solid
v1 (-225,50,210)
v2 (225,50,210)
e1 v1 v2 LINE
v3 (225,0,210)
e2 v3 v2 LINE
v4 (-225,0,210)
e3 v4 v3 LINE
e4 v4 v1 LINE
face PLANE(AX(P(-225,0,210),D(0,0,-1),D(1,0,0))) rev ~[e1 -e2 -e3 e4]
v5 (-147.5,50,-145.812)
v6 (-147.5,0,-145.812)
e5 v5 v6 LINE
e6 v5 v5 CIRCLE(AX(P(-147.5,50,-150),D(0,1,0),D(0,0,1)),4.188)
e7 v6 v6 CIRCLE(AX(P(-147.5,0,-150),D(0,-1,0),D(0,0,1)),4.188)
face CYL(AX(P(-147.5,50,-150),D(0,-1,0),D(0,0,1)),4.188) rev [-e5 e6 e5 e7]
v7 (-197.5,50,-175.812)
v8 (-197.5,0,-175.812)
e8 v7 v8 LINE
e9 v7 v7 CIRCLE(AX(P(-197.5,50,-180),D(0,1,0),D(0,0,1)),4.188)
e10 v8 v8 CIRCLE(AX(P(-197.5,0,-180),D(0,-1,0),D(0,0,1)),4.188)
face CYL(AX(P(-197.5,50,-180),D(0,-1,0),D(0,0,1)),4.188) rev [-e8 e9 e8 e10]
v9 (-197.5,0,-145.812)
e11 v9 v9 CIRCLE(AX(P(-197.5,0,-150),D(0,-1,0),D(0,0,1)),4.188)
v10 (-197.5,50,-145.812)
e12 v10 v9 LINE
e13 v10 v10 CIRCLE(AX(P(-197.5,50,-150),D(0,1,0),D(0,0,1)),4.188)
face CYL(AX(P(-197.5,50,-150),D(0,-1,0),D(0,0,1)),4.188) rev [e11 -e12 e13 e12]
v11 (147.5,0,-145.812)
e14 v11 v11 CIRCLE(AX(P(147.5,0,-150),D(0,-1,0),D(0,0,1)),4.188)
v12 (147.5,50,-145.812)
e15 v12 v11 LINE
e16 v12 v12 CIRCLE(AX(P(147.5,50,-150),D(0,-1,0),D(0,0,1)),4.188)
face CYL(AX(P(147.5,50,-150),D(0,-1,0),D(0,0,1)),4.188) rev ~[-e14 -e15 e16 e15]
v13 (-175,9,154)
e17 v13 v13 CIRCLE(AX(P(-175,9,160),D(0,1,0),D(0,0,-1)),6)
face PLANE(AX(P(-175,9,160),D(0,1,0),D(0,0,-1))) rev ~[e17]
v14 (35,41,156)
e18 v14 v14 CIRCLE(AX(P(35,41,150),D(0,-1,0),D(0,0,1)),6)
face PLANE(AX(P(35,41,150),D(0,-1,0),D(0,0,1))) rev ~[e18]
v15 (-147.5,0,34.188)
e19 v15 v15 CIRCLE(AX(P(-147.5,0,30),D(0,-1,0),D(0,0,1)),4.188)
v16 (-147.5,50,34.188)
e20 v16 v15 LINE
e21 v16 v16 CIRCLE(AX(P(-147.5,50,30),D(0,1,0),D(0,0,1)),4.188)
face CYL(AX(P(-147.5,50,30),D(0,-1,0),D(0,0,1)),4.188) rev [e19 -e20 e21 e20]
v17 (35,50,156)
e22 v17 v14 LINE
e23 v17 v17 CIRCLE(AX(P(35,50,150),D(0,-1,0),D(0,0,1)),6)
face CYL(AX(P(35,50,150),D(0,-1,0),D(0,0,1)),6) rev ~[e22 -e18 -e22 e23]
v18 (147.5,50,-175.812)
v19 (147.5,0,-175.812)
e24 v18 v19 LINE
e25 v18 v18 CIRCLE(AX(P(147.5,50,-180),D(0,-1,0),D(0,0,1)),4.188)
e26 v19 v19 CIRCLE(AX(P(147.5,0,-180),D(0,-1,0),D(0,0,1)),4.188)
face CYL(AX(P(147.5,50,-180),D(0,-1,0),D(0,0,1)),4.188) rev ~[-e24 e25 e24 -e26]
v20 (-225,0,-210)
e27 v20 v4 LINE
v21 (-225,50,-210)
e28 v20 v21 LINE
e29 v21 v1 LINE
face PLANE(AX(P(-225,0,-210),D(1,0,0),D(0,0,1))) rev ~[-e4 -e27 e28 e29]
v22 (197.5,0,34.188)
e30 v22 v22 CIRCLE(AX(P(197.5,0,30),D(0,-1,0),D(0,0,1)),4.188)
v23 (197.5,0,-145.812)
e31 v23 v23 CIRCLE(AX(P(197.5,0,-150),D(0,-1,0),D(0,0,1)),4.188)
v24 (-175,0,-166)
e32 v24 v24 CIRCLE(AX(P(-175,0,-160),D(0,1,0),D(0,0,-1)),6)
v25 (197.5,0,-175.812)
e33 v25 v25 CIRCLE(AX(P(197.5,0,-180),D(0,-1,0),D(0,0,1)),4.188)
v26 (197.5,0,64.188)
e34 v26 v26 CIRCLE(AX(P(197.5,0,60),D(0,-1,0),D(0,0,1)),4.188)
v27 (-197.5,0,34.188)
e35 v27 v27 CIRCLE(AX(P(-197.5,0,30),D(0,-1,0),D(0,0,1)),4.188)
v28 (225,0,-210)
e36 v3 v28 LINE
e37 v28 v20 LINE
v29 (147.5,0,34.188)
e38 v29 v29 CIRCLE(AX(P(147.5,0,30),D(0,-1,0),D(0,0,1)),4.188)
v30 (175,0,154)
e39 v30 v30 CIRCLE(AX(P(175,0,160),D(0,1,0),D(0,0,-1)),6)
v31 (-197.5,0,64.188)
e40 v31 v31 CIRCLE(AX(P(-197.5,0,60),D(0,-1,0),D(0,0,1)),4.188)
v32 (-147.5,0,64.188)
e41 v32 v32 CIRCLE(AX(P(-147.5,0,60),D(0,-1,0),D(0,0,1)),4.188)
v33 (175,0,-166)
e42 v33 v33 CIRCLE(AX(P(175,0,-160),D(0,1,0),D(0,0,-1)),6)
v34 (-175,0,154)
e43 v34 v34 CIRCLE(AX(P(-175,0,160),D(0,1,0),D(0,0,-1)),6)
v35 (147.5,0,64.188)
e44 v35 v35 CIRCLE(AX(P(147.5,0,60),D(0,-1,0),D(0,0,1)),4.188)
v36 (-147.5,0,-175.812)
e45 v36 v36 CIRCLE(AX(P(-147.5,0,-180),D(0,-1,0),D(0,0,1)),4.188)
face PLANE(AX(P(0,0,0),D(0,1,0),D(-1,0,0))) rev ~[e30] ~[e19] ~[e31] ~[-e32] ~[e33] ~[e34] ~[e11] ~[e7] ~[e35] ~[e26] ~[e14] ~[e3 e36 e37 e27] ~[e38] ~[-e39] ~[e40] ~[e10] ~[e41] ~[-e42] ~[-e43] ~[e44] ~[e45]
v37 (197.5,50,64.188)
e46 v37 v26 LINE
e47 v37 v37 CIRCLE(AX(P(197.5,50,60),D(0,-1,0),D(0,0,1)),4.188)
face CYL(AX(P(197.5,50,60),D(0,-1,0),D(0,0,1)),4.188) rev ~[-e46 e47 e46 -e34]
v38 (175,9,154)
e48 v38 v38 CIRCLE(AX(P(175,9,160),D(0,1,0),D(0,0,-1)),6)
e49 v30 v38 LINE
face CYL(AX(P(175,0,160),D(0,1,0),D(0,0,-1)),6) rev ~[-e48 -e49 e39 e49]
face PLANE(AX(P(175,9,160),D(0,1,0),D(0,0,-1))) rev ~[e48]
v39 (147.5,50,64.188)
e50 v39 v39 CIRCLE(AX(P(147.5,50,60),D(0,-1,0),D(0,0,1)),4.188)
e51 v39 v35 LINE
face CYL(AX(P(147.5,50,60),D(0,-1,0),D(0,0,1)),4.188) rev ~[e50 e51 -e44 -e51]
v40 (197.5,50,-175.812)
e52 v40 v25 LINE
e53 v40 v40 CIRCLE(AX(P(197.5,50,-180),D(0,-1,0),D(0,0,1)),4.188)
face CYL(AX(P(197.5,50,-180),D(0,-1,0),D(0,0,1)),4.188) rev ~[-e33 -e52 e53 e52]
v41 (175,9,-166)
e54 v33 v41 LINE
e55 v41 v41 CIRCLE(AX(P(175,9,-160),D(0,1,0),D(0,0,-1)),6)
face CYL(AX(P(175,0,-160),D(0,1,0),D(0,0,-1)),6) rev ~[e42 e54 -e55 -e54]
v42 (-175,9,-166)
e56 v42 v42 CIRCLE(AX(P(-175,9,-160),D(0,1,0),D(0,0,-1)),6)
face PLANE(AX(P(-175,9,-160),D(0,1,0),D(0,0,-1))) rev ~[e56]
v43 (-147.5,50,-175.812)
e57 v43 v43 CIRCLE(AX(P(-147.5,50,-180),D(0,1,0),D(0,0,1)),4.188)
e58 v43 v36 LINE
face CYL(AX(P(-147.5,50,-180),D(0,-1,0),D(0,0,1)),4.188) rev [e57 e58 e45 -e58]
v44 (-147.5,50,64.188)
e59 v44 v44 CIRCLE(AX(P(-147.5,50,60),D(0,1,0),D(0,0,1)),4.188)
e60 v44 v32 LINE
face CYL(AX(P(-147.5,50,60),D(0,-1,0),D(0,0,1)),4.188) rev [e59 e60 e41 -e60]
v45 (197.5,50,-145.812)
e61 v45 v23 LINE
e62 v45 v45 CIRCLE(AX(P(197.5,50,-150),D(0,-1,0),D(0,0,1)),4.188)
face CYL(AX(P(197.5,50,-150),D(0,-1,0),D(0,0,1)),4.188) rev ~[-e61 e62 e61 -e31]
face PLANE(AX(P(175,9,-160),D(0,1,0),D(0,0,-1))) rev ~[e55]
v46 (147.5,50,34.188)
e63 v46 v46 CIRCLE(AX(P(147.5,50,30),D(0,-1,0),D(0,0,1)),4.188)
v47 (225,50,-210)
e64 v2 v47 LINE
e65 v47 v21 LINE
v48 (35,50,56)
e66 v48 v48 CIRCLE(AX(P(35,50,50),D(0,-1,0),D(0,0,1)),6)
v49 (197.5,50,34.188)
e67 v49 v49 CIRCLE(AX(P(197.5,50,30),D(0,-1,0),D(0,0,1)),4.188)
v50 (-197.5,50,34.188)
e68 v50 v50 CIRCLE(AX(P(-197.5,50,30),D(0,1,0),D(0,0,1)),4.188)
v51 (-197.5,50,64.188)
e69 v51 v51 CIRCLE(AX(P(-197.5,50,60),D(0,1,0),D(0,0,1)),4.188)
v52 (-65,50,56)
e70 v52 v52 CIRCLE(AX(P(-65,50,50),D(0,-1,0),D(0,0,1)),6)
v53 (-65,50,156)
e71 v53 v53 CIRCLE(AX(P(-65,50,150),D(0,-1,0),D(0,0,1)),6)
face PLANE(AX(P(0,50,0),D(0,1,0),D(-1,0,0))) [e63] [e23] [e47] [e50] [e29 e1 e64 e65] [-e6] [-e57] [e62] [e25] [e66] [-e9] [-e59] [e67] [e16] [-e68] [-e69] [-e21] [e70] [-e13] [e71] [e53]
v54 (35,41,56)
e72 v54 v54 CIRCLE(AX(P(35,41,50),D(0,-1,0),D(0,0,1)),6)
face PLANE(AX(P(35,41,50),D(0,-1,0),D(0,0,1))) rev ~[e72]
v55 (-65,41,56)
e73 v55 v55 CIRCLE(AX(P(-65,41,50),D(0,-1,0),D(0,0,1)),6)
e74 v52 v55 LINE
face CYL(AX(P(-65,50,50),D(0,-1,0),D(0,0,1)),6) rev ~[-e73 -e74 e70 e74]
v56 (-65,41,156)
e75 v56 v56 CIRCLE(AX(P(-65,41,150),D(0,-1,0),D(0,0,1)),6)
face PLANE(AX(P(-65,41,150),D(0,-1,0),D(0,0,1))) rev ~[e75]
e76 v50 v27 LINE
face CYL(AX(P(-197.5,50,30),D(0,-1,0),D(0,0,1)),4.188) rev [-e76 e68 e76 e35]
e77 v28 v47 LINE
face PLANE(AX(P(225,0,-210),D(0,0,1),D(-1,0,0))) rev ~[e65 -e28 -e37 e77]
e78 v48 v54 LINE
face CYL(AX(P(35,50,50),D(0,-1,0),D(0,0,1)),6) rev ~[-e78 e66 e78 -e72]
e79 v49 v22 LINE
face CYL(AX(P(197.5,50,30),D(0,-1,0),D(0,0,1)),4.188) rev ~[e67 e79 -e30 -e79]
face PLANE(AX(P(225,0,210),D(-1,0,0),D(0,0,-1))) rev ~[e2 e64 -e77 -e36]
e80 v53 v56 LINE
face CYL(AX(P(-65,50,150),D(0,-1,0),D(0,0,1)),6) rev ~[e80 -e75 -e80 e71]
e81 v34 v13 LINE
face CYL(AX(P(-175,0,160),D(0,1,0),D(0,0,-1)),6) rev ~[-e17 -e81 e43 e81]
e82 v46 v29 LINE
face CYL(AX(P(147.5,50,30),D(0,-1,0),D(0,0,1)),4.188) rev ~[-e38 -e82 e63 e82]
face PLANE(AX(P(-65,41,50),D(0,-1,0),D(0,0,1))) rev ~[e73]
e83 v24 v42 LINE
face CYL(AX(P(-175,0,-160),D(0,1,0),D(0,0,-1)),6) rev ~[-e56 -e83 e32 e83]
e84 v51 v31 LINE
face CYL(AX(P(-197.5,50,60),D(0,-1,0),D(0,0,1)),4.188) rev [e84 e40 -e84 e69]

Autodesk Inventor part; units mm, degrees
ref_plane "YZ Plane" through (0, 0, 0) normal (1, 0, 0) x (0, 1, 0)
ref_plane "XZ Plane" through (0, 0, 0) normal (0, 1, 0) x (-1, 0, 0)
ref_plane "XY Plane" through (0, 0, 0) normal (0, 0, 1) x (1, 0, 0)
sketch "Sketch1" plane through (0, 0, 0) normal (0, 1, 0) x (-1, 0, 0)
  line L0 (225, 210) -> (-225, 210)
  line L1 (-225, 210) -> (-225, -210)
  line L2 (-225, -210) -> (225, -210)
  line L3 (225, -210) -> (225, 210)
  line L4 (225, -210) -> (-225, 210) construction
  point P0 (0, 0)
  point P1 (0, 0)
  dimension "d0" = 450
  dimension "d1" = 420
extrude "plyta" add sketch "Sketch1" along normal blind 50
sketch "Sketch3" plane through (0, 0, 0) normal (0, -1, 0) x (1, 0, 0)
  line L0 (225, -210) -> (-225, -210) projected
  line L1 (225, 210) -> (225, -210) projected
  line L2 (-225, -210) -> (-225, 0) projected
  line L3 (0, 210) -> (225, 210) projected
  point P0 (0, 0)
  point P1 (-175, -160)
  point P2 (175, -160)
  point P3 (-175, 160)
  point P4 (175, 160)
  dimension "d18" = 50
  dimension "d19" = 50
  dimension "d20" = 50
  dimension "d21" = 50
hole "Hole2" at (-175, 0, -160) at (175, 0, -160) at (-175, 0, 160) at (175, 0, 160) direction (0, 1, 0) diameter 12 depth 9
sketch "Sketch4" plane through (0, 50, 0) normal (0, 1, 0) x (1, 0, 0)
  line L0 (0, 294) -> (0, -294) construction
  line L1 (-225, -210) -> (225, -210) construction
  point P0 (0, 0)
  point P1 (-65, -150)
  point P2 (35, -150)
  point P3 (-65, -50)
  point P4 (35, -50)
  dimension "d29" = 60
  dimension "d30" = 100
  dimension "d32" = 100
  dimension "d40" = 35
hole "Hole3" at (-65, 50, 150) at (35, 50, 150) at (-65, 50, 50) at (35, 50, 50) direction (0, -1, 0) diameter 12 depth 9
sketch "Sketch5" plane through (0, 50, 0) normal (0, 1, 0) x (1, 0, 0)
  circle A0 centre (197.5, -60) radius 5.75 construction
  circle A1 centre (147.5, -30) radius 5.75 construction
  line L0 (195, 80) -> (215, 80) construction
  line L1 (195, -12.5491) -> (195, 80) construction
  line L2 (150, -12.5491) -> (195, -12.5491) construction
  line L3 (150, 80) -> (150, -12.5491) construction
  line L4 (130, 80) -> (150, 80) construction
  line L5 (130, -80) -> (130, 80) construction
  line L6 (215, -80) -> (130, -80) construction
  line L7 (215, -80) -> (215, 80) construction
  circle A2 centre (147.5, -60) radius 5.75 construction
  circle A3 centre (197.5, -30) radius 5.75 construction
  circle A4 centre (147.5, 150) radius 5.75 construction
  circle A5 centre (197.5, 180) radius 5.75 construction
  line L8 (215, 130) -> (130, 130) construction
  line L9 (215, 130) -> (215, 200) construction
  line L10 (130, 200) -> (215, 200) construction
  line L11 (130, 130) -> (130, 200) construction
  circle A6 centre (147.5, 180) radius 5.75 construction
  circle A7 centre (197.5, 150) radius 5.75 construction
  point P0 (0, 0)
hole "Hole4" at (147.5, 50, 60) at (147.5, 50, 30) at (147.5, 50, -150) at (147.5, 50, -180) at (197.5, 50, -180) at (197.5, 50, -150) at (197.5, 50, 30) at (197.5, 50, 60) direction (0, -1, 0) diameter 8.376 end through all thread size "M10x1.5" class "6H" standard "ISO Metric profile"
mirror "Mirror1" about plane through (0, 0, 0) normal (1, 0, 0) of "Hole4"
equation "\"d20\" = d19"
equation "\"d21\" = d18"
properties part number "KN-00-01-01" material "Granite, Cut, Polished"
